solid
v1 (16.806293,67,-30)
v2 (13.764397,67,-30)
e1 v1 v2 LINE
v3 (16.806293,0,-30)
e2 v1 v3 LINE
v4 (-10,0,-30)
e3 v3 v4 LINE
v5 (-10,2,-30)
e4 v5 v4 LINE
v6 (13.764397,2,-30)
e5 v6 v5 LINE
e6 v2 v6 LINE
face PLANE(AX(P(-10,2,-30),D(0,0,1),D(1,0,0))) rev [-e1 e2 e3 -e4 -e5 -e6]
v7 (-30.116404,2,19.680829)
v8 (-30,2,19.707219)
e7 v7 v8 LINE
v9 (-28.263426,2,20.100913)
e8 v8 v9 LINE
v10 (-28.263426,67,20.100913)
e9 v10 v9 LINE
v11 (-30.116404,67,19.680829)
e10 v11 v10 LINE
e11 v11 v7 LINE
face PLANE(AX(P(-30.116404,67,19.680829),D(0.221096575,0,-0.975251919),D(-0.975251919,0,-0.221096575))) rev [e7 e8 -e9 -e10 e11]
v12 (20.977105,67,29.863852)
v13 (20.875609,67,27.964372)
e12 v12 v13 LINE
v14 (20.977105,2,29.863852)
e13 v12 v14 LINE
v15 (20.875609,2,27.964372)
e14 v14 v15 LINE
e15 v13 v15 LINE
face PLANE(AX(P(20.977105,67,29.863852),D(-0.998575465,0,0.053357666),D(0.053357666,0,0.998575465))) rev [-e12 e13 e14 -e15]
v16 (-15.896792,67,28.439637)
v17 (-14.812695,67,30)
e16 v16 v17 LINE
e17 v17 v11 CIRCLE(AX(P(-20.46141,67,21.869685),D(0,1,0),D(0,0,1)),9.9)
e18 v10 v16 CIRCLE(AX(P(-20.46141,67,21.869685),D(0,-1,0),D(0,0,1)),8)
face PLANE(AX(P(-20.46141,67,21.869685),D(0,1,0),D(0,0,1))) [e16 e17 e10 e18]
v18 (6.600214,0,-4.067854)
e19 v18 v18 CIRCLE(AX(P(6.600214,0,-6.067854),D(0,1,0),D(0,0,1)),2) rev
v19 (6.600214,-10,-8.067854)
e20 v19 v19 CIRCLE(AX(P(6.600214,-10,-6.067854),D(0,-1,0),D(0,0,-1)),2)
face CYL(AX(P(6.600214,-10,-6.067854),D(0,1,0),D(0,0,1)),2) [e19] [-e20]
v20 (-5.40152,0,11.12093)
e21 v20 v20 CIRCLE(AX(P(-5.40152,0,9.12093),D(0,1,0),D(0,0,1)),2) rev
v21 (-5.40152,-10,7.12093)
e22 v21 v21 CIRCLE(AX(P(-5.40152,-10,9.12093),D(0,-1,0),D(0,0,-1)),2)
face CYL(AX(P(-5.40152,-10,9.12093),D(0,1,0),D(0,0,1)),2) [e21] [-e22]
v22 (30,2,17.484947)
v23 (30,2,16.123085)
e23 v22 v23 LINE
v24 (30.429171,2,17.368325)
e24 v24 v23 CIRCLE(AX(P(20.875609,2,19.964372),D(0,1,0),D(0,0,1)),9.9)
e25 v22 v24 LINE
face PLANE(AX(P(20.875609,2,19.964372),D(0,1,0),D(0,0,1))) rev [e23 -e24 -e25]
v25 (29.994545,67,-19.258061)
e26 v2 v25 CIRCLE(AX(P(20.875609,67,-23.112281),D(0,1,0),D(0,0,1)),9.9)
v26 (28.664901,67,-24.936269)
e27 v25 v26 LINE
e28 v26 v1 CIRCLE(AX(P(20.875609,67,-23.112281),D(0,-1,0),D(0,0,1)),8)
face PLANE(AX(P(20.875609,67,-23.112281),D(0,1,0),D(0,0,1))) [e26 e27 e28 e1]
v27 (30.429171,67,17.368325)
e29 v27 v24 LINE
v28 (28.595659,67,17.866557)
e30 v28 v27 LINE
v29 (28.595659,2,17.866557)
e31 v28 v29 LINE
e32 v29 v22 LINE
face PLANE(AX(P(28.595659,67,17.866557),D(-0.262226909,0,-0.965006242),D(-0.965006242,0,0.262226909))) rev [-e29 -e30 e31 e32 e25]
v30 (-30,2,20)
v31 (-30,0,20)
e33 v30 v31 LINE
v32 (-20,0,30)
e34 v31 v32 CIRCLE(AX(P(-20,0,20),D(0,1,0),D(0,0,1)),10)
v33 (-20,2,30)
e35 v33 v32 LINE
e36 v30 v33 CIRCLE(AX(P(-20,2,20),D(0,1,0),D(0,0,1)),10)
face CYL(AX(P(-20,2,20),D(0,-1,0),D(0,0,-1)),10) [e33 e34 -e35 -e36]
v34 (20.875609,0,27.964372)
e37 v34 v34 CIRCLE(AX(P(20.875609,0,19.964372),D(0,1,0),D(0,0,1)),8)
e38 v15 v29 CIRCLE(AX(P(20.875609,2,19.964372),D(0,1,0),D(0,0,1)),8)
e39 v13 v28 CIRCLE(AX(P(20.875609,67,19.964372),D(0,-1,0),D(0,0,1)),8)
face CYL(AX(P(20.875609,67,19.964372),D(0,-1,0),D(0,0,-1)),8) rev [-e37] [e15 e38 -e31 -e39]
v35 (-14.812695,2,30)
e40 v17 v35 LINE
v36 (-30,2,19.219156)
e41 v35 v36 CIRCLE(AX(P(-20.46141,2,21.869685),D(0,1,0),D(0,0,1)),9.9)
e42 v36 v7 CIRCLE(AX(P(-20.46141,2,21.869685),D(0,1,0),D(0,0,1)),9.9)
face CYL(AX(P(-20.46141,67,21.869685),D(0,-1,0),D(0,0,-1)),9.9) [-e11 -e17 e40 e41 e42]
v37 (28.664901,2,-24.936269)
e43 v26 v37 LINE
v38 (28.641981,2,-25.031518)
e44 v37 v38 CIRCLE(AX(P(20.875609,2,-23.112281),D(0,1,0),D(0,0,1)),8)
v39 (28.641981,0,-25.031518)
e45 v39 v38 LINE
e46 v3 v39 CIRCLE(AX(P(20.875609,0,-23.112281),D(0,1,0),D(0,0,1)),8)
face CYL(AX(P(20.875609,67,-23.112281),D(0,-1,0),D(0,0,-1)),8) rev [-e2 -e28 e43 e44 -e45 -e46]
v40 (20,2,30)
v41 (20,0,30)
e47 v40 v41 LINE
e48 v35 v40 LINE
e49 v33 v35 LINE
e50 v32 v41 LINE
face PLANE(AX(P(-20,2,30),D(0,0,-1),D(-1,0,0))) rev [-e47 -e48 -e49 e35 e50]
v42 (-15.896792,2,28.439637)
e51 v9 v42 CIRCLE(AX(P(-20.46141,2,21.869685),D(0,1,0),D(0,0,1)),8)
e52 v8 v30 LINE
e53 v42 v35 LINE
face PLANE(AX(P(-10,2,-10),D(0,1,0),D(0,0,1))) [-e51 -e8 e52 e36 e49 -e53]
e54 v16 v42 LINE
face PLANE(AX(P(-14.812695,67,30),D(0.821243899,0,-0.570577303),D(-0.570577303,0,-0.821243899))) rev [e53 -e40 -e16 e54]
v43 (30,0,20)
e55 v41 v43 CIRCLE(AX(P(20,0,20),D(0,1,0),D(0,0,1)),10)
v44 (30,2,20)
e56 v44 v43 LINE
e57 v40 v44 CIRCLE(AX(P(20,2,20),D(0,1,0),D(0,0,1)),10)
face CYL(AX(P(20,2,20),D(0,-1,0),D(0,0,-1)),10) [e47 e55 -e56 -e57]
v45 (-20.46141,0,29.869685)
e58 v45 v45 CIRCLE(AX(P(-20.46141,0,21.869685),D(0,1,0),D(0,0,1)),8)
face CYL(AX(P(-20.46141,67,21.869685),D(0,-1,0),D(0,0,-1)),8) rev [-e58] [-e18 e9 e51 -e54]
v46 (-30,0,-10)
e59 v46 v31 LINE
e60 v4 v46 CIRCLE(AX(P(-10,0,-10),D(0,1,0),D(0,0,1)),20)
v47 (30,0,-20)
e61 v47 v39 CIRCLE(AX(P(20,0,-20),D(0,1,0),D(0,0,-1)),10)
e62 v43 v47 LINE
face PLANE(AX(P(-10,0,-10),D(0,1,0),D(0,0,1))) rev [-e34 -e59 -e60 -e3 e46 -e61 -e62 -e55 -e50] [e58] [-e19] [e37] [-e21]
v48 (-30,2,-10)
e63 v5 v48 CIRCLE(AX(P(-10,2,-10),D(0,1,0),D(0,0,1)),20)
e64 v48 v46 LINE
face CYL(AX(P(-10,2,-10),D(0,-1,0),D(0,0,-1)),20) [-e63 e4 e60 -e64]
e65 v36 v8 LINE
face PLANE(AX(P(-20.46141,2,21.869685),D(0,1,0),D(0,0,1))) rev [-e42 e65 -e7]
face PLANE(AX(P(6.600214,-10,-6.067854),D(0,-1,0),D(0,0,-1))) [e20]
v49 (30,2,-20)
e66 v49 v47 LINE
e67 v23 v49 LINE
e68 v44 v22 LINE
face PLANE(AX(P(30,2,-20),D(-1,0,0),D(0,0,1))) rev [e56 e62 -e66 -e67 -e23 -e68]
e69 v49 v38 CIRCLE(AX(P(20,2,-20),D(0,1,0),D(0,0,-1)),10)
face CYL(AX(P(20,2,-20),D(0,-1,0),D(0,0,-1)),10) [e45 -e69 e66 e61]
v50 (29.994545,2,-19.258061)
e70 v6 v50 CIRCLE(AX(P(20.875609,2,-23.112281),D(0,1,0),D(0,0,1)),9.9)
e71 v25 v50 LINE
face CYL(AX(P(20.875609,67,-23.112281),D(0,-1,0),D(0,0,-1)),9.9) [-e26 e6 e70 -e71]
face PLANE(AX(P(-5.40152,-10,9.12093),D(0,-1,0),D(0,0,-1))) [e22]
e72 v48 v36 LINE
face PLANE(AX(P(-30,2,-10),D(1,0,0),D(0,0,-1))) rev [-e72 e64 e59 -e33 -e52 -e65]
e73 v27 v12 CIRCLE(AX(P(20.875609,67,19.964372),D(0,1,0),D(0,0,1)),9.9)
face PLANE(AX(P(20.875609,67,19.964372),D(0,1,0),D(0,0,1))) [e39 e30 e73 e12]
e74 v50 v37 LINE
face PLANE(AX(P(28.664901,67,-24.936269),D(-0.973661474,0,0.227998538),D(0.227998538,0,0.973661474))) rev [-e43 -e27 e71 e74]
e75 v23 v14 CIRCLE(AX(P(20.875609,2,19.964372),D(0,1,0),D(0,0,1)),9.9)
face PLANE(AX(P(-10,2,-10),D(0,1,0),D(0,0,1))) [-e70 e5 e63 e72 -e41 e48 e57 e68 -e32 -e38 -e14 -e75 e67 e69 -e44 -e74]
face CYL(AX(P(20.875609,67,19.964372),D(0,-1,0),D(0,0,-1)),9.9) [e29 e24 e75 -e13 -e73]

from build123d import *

# Parameters (mm, degrees)
BOSS_EXTRUDE1_DEPTH  = 2
BOSS_EXTRUDE9_DEPTH  = 65
SKETCH6_R            = 8
CUT_EXTRUDE3_DEPTH   = 78.787752397
SKETCH7_R            = 2
BOSS_EXTRUDE10_DEPTH = 10
SKETCH8_R            = 2
BOSS_EXTRUDE11_DEPTH = 10


with BuildPart() as part:
    # Sketch2 → Boss-Extrude1 (new body)
    with BuildSketch(Plane(origin=(0, 0, 0), x_dir=(1, 0, 0), z_dir=(0, 1, 0))):
        with BuildLine():
            Line((-10, 30), (20, 30))
            ThreePointArc((20, 30), (27.071067812, 27.071067812), (30, 20))
            Line((30, 20), (30, -20))
            ThreePointArc((30, -20), (27.071067812, -27.071067812), (20, -30))
            Line((20, -30), (-20, -30))
            ThreePointArc((-20, -30), (-27.071067812, -27.071067812), (-30, -20))
            Line((-30, -20), (-30, 10))
            ThreePointArc((-30, 10), (-24.142135624, 24.142135624), (-10, 30))
        make_face()
    extrude(amount=BOSS_EXTRUDE1_DEPTH)

    # Sketch5 → Boss-Extrude9 (add)
    with BuildSketch(Plane(origin=(0, 2, 0), x_dir=(1, 0, 0), z_dir=(0, 1, 0))):
        with BuildLine():
            Line((-30.116404199, -19.68082931), (-28.263425554, -20.100912803))
            ThreePointArc((-28.263425554, -20.100912803), (-15.988853518, -15.236719498), (-15.896791782, -28.439636592))
            Line((-15.896791782, -28.439636592), (-14.812694906, -30))
            ThreePointArc((-14.812694906, -30), (-14.926621305, -13.661390096), (-30.116404199, -19.68082931))
        make_face()
        with BuildLine():
            Line((20.977105182, -29.863851609), (20.875608793, -27.964371901))
            ThreePointArc((20.875608793, -27.964371901), (14.520196839, -15.105489427), (28.595658733, -17.866556627))
            Line((28.595658733, -17.866556627), (30.429170594, -17.368325499))
            ThreePointArc((30.429170594, -17.368325499), (12.980066991, -13.991900081), (20.977105182, -29.863851609))
        make_face()
        with BuildLine():
            Line((13.764397277, 30), (16.80629322, 30))
            ThreePointArc((16.80629322, 30), (17.733969491, 15.754964907), (28.664900588, 24.936269467))
            Line((28.664900588, 24.936269467), (29.994544588, 19.258061402))
            ThreePointArc((29.994544588, 19.258061402), (15.411631267, 14.856680059), (13.764397277, 30))
        make_face()
    extrude(amount=BOSS_EXTRUDE9_DEPTH)

    # Sketch6 → Cut-Extrude3 (cut, through all)
    with BuildSketch(Plane(origin=(0, 2, 0), x_dir=(1, 0, 0), z_dir=(0, 1, 0))):
        with Locations((20.875608793, 23.112281164)):
            Circle(SKETCH6_R)
        with Locations(Location((-20.461410206, -21.869685402, 0), (0, 0, 167.226551727))):
            Circle(SKETCH6_R)
        with Locations(Location((20.875608793, -19.964371901, 0), (0, 0, 270))):
            Circle(SKETCH6_R)
    extrude(amount=-CUT_EXTRUDE3_DEPTH, mode=Mode.SUBTRACT)

    # Sketch7 → Boss-Extrude10 (add)
    with BuildSketch(Plane.XZ):
        with Locations(Location((6.600213653, -6.067854065, 0), (0, 0, 90))):
            Circle(SKETCH7_R)
    extrude(amount=BOSS_EXTRUDE10_DEPTH)

    # Sketch8 → Boss-Extrude11 (add)
    with BuildSketch(Plane.XZ):
        with Locations(Location((-5.40151955, 9.120930292, 0), (0, 0, 90))):
            Circle(SKETCH8_R)
    extrude(amount=BOSS_EXTRUDE11_DEPTH)


solid = part.part
